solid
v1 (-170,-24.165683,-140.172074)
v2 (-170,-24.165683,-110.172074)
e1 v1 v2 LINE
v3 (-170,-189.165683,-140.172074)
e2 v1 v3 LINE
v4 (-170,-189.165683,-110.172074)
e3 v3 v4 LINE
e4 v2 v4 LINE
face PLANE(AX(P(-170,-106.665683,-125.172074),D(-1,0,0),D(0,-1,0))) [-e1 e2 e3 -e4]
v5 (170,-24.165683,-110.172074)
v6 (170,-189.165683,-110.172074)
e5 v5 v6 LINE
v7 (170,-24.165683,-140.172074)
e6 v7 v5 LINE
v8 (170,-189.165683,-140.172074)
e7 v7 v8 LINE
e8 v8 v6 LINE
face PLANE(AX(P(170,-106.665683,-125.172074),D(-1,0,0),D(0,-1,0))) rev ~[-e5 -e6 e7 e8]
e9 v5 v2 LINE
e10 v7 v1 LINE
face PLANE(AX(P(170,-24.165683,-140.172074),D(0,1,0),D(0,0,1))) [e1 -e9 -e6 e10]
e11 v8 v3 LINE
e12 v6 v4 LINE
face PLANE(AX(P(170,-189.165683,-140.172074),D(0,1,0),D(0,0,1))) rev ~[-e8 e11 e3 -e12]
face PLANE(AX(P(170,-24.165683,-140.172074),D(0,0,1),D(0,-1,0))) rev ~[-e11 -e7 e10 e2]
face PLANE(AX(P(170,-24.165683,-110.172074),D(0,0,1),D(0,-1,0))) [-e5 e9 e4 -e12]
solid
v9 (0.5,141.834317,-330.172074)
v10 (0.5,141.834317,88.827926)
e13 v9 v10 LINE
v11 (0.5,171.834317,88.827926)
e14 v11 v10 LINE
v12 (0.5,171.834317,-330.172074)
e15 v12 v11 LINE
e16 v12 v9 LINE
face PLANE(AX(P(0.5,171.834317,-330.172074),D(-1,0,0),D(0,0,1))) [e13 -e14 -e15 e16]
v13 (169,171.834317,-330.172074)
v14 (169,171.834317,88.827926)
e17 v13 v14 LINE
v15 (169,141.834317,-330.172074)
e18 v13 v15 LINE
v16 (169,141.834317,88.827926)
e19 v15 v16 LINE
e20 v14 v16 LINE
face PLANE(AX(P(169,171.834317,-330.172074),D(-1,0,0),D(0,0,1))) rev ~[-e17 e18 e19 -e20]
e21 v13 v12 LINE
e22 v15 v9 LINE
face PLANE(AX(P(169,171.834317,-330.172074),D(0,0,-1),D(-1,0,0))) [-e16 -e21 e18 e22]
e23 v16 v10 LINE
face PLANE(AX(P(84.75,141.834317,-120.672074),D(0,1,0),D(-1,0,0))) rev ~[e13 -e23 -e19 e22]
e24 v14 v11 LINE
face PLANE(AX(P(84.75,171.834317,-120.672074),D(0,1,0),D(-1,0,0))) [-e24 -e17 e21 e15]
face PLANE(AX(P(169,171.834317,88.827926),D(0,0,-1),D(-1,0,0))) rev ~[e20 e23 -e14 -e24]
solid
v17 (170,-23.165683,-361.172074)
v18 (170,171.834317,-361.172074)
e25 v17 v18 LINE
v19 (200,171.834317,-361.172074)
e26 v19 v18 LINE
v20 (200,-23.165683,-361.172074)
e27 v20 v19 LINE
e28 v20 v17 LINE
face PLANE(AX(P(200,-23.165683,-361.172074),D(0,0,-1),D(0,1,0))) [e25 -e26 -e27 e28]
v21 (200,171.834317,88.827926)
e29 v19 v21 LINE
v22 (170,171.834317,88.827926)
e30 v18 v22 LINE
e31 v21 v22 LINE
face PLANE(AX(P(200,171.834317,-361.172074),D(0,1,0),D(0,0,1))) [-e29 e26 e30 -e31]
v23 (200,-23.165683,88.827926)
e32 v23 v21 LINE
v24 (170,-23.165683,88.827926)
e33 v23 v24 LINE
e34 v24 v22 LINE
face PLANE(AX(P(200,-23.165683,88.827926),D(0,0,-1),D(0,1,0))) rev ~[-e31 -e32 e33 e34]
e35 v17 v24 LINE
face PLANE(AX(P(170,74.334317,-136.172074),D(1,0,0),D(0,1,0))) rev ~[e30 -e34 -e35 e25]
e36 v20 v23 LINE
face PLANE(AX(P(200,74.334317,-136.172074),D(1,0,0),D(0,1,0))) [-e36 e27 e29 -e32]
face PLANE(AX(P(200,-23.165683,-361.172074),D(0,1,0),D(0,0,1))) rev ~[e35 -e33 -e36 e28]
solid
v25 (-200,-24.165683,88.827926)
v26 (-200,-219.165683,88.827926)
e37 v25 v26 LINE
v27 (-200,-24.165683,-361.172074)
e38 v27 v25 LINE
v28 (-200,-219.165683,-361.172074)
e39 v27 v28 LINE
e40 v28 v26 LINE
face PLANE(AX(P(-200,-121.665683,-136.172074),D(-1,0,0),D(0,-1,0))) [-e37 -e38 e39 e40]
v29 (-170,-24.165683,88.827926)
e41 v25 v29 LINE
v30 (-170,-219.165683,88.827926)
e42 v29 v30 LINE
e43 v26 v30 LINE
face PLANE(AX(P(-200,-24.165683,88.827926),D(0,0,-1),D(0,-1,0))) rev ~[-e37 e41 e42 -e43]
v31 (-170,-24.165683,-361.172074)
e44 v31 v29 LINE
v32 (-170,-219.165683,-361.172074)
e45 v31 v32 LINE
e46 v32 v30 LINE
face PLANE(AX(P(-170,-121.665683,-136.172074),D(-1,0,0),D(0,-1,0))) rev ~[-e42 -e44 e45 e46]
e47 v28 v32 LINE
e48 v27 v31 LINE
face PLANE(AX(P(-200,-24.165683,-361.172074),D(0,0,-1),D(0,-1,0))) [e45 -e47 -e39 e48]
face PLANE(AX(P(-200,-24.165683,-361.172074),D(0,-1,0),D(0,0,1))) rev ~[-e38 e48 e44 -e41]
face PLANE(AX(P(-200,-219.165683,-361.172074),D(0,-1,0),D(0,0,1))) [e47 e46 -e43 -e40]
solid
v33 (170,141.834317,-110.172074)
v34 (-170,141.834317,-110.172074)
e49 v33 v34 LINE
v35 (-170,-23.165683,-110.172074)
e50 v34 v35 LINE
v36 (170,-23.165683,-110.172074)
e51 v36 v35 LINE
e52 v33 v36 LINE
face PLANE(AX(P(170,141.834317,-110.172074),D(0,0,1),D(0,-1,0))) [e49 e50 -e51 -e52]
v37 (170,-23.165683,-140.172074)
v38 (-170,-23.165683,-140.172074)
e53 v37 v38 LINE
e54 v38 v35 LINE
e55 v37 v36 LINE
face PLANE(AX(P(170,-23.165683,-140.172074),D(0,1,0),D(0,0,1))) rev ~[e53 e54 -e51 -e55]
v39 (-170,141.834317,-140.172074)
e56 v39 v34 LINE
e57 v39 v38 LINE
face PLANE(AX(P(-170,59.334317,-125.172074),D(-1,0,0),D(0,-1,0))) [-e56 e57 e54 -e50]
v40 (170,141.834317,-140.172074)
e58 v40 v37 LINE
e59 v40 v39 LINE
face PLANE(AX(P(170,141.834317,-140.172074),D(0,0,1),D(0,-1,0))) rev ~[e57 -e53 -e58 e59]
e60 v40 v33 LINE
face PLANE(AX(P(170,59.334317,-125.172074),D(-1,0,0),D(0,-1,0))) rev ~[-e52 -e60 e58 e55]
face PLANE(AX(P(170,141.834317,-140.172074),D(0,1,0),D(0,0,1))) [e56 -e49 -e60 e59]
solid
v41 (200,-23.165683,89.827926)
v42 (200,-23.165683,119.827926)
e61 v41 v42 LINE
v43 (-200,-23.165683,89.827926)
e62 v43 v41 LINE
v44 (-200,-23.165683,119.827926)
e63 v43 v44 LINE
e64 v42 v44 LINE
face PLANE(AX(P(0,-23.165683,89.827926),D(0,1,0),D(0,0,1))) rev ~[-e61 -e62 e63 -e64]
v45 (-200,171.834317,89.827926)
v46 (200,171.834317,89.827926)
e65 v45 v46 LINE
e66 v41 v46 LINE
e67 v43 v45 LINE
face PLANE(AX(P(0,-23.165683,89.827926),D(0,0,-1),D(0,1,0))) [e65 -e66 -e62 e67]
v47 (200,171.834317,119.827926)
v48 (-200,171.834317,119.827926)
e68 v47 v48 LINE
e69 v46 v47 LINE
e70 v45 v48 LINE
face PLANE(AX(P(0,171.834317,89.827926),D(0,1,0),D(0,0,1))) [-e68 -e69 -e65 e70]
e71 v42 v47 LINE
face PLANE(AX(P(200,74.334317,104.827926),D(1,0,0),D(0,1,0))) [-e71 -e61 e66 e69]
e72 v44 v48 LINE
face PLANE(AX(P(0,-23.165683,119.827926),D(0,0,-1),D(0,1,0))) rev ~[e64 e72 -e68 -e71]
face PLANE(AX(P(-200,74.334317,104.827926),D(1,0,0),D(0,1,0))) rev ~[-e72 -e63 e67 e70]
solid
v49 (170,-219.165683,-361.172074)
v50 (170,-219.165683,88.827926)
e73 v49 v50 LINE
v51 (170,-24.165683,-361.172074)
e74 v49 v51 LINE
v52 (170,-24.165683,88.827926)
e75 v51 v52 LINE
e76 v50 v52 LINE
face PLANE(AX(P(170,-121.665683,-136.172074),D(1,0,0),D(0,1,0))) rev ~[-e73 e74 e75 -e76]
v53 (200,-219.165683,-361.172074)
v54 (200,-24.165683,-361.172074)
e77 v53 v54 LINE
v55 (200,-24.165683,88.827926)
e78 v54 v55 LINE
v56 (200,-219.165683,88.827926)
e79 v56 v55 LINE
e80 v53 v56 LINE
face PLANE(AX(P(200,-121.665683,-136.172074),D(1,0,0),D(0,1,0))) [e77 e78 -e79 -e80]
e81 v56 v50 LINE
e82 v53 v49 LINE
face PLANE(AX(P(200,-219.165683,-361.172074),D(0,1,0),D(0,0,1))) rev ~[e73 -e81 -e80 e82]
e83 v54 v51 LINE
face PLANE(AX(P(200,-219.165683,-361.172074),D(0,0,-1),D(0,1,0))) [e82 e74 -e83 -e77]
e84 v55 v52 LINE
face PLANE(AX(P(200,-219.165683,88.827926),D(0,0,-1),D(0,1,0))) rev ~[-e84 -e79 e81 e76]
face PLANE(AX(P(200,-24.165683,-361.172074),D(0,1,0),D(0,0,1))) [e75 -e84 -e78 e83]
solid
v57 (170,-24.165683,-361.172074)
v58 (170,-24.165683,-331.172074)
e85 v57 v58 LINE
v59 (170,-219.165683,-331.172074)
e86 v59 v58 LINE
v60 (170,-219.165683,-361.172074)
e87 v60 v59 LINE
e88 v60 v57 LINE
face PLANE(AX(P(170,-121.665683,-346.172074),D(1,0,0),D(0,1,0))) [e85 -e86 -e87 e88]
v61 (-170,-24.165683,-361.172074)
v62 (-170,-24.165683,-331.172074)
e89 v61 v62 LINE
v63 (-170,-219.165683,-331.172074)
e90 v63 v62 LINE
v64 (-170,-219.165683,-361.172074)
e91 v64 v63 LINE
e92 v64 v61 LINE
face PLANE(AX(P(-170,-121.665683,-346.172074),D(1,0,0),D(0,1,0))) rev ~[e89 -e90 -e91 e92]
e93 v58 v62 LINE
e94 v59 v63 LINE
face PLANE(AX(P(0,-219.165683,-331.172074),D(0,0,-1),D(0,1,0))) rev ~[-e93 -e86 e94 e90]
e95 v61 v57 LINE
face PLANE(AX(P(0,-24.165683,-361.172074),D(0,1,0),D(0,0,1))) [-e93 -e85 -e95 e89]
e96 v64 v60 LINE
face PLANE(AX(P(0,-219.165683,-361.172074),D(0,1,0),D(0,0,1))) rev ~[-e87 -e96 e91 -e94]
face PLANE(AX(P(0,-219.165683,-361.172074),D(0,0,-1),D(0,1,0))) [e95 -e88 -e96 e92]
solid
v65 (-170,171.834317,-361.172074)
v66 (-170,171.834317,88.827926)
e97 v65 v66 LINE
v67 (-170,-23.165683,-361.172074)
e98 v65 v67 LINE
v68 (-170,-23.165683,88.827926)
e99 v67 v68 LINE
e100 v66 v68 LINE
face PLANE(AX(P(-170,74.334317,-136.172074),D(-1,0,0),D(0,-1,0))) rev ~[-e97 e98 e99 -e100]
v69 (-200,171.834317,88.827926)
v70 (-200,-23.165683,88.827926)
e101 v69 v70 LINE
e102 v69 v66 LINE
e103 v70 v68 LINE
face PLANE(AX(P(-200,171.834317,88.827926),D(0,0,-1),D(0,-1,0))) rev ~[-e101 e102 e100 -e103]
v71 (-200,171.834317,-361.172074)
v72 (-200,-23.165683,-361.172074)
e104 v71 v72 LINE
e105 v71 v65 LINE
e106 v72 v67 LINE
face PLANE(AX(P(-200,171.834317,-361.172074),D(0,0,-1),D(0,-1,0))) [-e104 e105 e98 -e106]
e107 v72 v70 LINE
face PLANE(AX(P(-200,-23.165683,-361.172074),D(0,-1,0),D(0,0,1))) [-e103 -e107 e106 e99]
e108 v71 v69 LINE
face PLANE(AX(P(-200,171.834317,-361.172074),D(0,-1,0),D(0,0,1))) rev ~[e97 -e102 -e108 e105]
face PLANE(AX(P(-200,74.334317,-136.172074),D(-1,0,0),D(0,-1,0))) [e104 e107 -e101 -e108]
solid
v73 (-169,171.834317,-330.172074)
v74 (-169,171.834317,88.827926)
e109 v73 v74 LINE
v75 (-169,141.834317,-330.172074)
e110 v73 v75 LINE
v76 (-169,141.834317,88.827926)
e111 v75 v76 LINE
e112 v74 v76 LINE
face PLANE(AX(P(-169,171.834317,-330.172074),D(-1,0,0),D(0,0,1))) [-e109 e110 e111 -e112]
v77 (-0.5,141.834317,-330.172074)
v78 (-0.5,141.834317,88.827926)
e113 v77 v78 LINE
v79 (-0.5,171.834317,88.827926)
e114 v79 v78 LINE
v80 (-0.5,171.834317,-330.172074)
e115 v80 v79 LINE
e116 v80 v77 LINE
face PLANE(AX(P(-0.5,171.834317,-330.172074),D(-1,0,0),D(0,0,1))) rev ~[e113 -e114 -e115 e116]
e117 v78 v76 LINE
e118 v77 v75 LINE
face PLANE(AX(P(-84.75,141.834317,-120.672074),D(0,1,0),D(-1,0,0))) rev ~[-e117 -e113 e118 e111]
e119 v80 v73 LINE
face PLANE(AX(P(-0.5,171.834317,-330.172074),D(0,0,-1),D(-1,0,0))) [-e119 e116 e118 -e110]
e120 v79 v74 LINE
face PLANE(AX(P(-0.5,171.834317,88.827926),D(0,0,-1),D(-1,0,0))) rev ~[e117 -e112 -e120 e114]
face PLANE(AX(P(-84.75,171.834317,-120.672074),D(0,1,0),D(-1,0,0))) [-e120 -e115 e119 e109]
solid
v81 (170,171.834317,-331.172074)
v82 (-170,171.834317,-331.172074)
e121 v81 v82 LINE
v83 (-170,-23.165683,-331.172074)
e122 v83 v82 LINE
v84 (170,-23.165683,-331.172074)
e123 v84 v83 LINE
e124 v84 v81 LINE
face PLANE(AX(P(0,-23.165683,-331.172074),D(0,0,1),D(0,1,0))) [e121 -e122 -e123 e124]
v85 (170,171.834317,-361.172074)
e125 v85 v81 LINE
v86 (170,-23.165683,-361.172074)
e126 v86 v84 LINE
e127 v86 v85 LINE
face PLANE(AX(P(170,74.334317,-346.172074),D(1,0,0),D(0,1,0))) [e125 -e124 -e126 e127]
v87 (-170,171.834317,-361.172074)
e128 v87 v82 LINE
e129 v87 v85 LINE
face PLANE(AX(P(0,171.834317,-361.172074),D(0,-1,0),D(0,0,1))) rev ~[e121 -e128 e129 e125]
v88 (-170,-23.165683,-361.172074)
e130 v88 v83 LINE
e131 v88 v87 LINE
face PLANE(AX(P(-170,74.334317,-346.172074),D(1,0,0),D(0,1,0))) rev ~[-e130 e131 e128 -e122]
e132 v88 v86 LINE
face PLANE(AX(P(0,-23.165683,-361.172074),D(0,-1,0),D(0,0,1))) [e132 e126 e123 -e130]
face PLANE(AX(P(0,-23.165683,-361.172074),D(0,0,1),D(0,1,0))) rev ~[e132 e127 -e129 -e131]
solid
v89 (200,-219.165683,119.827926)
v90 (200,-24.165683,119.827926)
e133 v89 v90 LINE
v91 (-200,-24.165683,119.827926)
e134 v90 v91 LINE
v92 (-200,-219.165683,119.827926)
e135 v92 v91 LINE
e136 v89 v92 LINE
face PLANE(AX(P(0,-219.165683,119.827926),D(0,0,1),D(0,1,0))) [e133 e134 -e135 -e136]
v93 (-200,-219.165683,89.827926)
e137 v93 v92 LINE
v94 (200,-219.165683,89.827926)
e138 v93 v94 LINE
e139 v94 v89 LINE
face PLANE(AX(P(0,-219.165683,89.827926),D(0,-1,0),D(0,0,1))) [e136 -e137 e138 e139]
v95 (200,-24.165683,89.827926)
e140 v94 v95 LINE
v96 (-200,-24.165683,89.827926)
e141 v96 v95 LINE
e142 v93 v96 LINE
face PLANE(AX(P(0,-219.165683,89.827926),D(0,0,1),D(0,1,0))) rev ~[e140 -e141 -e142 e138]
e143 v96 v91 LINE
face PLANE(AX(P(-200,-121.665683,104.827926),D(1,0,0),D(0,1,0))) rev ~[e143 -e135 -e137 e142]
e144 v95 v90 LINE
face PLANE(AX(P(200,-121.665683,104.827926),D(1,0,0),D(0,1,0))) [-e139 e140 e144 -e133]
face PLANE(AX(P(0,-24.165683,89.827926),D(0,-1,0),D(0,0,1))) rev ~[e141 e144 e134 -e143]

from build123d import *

# Parameters (mm, degrees)
F0_W      = 195
F0_H      = 30
F1_DEPTH  = 200
F2_W      = 195
F2_H      = 450
F3_DEPTH  = 30
F4_W      = 195
F4_H      = 450
F5_DEPTH  = 30
F6_W      = 195
F6_H      = 30
F7_DEPTH  = 170
F8_W      = 168.5
F8_H      = 419
F9_DEPTH  = 30
F10_W     = 165
F10_H     = 30
F11_DEPTH = 340


with BuildPart() as f1:
    # F0 (on Right) → F1 (new body, symmetric)
    with BuildSketch(Plane.YZ):
        with Locations((-121.665683, 104.827926)):
            Rectangle(F0_W, F0_H)
        with Locations((74.334317, 104.827926)):
            Rectangle(F0_W, F0_H)
    extrude(amount=F1_DEPTH, both=True)


with BuildPart() as f3:
    # F2 (on face) → F3 (new body)
    with BuildSketch(Plane.YZ.offset(200)):
        with Locations((-121.665683, -136.172074)):
            Rectangle(F2_W, F2_H)
        with Locations((74.334317, -136.172074)):
            Rectangle(F2_W, F2_H)
    extrude(amount=-F3_DEPTH)


with BuildPart() as f5:
    # F4 (on face) → F5 (new body)
    with BuildSketch(Plane(origin=(-200, 0, 0), x_dir=(0, -1, 0), z_dir=(-1, 0, 0))):
        with Locations((-74.334317, -136.172074)):
            Rectangle(F4_W, F4_H)
        with Locations((121.665683, -136.172074)):
            Rectangle(F4_W, F4_H)
    extrude(amount=-F5_DEPTH)


with BuildPart() as f7:
    # F6 (on Right) → F7 (new body, symmetric)
    with BuildSketch(Plane.YZ):
        with Locations((74.334317, -346.172074)):
            Rectangle(F6_W, F6_H)
        with Locations((-121.665683, -346.172074)):
            Rectangle(F6_W, F6_H)
    extrude(amount=F7_DEPTH, both=True)


with BuildPart() as f9:
    # F8 (on face) → F9 (new body)
    with BuildSketch(Plane(origin=(0, 171.834317, 0), x_dir=(-1, 0, 0), z_dir=(0, 1, 0))):
        with Locations((-84.75, -120.672074)):
            Rectangle(F8_W, F8_H)
        with Locations((84.75, -120.672074)):
            Rectangle(F8_W, F8_H)
    extrude(amount=-F9_DEPTH)


with BuildPart() as f11:
    # F10 (on face) → F11 (new body)
    with BuildSketch(Plane(origin=(170, 0, 0), x_dir=(0, -1, 0), z_dir=(-1, 0, 0))):
        with Locations((106.665683, -125.172074)):
            Rectangle(F10_W, F10_H)
        with Locations((-59.334317, -125.172074)):
            Rectangle(F10_W, F10_H)
    extrude(amount=F11_DEPTH)


solid = Compound([f1.part, f3.part, f5.part, f7.part, f9.part, f11.part])
